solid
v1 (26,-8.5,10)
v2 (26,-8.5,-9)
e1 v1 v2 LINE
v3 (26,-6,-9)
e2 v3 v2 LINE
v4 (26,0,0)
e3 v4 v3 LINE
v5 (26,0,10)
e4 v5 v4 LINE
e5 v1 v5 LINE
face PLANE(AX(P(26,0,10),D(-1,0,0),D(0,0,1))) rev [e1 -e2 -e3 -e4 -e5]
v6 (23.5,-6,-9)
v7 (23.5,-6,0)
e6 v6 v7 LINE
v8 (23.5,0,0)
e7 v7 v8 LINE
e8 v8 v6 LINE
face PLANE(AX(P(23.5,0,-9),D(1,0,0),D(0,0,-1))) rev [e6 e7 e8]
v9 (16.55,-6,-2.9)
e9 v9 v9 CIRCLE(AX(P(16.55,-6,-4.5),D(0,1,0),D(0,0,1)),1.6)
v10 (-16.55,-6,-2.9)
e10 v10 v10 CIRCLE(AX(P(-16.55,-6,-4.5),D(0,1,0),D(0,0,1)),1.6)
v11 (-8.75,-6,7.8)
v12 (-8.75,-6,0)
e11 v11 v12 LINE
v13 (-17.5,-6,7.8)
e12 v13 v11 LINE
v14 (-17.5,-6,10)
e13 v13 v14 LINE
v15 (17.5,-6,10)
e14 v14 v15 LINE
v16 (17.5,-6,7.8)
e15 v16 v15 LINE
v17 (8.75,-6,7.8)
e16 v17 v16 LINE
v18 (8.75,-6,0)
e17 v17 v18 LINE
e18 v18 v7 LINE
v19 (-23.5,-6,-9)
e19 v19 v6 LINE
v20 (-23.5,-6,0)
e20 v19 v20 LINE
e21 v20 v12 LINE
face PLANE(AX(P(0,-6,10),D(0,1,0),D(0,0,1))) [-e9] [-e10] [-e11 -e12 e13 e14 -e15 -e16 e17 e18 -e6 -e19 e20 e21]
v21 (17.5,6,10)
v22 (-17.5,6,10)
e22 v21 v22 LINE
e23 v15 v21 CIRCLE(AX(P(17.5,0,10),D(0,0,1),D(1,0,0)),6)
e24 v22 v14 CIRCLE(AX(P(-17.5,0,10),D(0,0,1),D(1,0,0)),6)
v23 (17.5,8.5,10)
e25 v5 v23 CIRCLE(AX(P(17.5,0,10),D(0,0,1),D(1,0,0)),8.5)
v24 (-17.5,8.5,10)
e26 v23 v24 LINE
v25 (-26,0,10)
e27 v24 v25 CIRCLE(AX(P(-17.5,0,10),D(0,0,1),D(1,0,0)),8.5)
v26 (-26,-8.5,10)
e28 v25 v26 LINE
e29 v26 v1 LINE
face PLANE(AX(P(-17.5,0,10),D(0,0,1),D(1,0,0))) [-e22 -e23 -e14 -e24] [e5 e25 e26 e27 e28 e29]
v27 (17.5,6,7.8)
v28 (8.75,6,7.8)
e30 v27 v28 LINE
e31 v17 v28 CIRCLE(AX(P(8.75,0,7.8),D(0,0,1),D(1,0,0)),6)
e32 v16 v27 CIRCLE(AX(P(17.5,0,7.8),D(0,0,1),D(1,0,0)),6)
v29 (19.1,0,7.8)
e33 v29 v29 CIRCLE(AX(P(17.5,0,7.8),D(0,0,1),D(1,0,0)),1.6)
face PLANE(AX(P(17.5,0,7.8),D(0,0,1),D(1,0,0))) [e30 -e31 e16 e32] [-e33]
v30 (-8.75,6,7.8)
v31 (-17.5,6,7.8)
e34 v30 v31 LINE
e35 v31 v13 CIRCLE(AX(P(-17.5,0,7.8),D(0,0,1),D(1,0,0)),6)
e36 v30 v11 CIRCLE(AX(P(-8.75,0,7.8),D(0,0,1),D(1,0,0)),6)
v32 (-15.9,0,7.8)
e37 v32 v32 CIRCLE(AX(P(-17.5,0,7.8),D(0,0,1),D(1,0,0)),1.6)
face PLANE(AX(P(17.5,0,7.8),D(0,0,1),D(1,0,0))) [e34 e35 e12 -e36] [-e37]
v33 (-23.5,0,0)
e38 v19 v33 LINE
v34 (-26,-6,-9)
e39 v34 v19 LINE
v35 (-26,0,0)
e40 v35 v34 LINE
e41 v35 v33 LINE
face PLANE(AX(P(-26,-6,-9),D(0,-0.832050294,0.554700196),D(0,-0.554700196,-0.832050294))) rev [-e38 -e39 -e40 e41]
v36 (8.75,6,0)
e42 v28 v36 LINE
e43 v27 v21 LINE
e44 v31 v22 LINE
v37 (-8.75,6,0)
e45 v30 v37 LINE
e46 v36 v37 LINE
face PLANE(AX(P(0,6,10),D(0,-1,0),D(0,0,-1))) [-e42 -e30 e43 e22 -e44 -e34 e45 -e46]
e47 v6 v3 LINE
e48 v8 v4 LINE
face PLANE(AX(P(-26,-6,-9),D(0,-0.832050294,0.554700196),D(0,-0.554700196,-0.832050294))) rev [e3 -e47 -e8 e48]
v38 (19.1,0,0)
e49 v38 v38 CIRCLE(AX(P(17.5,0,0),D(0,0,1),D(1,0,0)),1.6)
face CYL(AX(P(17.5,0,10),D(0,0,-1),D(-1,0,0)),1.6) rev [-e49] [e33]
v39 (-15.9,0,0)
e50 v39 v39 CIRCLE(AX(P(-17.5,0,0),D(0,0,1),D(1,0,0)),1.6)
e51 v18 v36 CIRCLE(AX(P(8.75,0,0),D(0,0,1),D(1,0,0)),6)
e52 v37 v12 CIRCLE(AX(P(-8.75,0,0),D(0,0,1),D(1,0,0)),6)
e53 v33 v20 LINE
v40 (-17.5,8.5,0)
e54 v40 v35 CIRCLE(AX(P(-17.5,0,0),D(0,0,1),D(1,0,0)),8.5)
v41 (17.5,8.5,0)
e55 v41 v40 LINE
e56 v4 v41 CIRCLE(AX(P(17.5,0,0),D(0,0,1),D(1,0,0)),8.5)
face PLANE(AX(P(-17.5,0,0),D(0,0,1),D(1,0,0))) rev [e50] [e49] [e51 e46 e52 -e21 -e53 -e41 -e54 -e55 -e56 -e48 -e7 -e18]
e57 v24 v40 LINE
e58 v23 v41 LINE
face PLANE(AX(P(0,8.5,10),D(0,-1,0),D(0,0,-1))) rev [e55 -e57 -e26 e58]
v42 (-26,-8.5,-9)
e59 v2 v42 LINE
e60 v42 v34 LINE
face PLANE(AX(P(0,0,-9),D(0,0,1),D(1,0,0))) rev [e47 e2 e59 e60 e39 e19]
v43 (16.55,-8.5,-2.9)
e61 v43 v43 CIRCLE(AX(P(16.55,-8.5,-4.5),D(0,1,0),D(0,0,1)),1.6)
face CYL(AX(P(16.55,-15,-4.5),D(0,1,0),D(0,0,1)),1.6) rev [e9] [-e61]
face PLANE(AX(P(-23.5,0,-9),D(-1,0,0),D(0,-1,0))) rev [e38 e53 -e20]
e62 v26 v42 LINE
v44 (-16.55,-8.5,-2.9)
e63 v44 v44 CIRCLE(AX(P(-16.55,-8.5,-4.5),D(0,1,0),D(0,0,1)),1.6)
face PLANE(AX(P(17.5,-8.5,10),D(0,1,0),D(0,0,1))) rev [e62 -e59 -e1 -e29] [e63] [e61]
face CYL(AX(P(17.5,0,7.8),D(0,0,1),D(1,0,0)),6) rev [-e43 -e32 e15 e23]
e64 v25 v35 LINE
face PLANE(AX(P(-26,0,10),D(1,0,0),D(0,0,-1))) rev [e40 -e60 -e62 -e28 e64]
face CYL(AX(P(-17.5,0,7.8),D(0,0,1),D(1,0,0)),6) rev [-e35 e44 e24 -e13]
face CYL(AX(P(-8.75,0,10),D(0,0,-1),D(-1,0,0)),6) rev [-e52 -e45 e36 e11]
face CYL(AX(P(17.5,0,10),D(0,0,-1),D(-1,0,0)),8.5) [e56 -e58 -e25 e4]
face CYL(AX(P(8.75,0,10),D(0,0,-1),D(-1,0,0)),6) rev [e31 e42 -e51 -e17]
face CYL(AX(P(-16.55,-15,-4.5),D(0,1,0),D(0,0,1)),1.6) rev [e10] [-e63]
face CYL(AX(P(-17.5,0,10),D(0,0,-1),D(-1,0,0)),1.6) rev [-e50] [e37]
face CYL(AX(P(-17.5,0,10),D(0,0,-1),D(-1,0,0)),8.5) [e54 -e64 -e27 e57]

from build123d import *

# Parameters (mm, degrees)
ESBO_O1_R                = 1.6
RESSALTO_EXTRUS_O2_DEPTH = 10
CORTE_EXTRUS_O1_DEPTH    = 2.2
RESSALTO_EXTRUS_O3_DEPTH = 9
ESBO_O4_R                = 1.6
CORTE_EXTRUS_O2_DEPTH    = 9
CORTE_EXTRUS_O3_DEPTH    = 54.630681517


with BuildPart() as part:
    # Esboço1 → Ressalto-extrusão2 (new body)
    with BuildSketch(Plane.XY):
        with BuildLine():
            Line((-26, 0), (-26, -8.5))
            Line((-26, -8.5), (-17.5, -8.5))
            Line((-17.5, -8.5), (0, -8.5))
            Line((0, -8.5), (17.5, -8.5))
            Line((17.5, -8.5), (26, -8.5))
            Line((26, -8.5), (26, 0))
            ThreePointArc((26, 0), (23.51040764, 6.01040764), (17.5, 8.5))
            Line((17.5, 8.5), (0, 8.5))
            Line((0, 8.5), (-17.5, 8.5))
            ThreePointArc((-17.5, 8.5), (-23.51040764, 6.01040764), (-26, 0))
        make_face()
        with Locations((-17.5, 0)):
            Circle(ESBO_O1_R, mode=Mode.SUBTRACT)
        with Locations((17.5, 0)):
            Circle(ESBO_O1_R, mode=Mode.SUBTRACT)
        with BuildLine():
            Line((0, 6), (8.75, 6))
            ThreePointArc((8.75, 6), (14.75, 0), (8.75, -6))
            Line((8.75, -6), (0, -6))
            Line((0, -6), (-8.75, -6))
            ThreePointArc((-8.75, -6), (-14.75, 0), (-8.75, 6))
            Line((-8.75, 6), (0, 6))
        make_face(mode=Mode.SUBTRACT)
    extrude(amount=RESSALTO_EXTRUS_O2_DEPTH)

    # Esboço2 → Corte-extrusão1 (cut)
    with BuildSketch(Plane.XY.offset(10)):
        with BuildLine():
            Line((0, 6), (-17.5, 6))
            ThreePointArc((-17.5, 6), (-23.5, 0), (-17.5, -6))
            Line((-17.5, -6), (0, -6))
            Line((0, -6), (17.5, -6))
            ThreePointArc((17.5, -6), (23.5, 0), (17.5, 6))
            Line((17.5, 6), (0, 6))
        make_face()
    extrude(amount=-CORTE_EXTRUS_O1_DEPTH, mode=Mode.SUBTRACT)

    # Esboço3 → Ressalto-extrusão3 (add)
    with BuildSketch(Plane(origin=(0, 0, 0), x_dir=(-1, 0, 0), z_dir=(0, 0, -1))):
        Polygon((-8.75, -6), (-23.5, -6), (-23.5, 0), (-26, 0), (-26, -8.5), (26, -8.5), (26, 0), (23.5, 0), (23.5, -6), align=None)
    extrude(amount=RESSALTO_EXTRUS_O3_DEPTH)

    # Esboço4 → Corte-extrusão2 (cut)
    with BuildSketch(Plane(origin=(0, -6, 0), x_dir=(1, 0, 0), z_dir=(0, 1, 0))):
        with Locations(Location((-16.55, 4.5, 0), (0, 0, 270))):
            Circle(ESBO_O4_R)
        with Locations(Location((16.55, 4.5, 0), (0, 0, 270))):
            Circle(ESBO_O4_R)
    extrude(amount=-CORTE_EXTRUS_O2_DEPTH, mode=Mode.SUBTRACT)

    # Esboço6 → Corte-extrusão3 (cut, through all)
    with BuildSketch(Plane(origin=(26, 0, 0), x_dir=(0, 0, -1), z_dir=(1, 0, 0))):
        Polygon((9, -6), (0, 0), (2.00580726, 2.470347723), (10.468816684, 1.926634827), (11.248926491, 0), align=None)
    extrude(amount=-CORTE_EXTRUS_O3_DEPTH, mode=Mode.SUBTRACT)


solid = part.part
